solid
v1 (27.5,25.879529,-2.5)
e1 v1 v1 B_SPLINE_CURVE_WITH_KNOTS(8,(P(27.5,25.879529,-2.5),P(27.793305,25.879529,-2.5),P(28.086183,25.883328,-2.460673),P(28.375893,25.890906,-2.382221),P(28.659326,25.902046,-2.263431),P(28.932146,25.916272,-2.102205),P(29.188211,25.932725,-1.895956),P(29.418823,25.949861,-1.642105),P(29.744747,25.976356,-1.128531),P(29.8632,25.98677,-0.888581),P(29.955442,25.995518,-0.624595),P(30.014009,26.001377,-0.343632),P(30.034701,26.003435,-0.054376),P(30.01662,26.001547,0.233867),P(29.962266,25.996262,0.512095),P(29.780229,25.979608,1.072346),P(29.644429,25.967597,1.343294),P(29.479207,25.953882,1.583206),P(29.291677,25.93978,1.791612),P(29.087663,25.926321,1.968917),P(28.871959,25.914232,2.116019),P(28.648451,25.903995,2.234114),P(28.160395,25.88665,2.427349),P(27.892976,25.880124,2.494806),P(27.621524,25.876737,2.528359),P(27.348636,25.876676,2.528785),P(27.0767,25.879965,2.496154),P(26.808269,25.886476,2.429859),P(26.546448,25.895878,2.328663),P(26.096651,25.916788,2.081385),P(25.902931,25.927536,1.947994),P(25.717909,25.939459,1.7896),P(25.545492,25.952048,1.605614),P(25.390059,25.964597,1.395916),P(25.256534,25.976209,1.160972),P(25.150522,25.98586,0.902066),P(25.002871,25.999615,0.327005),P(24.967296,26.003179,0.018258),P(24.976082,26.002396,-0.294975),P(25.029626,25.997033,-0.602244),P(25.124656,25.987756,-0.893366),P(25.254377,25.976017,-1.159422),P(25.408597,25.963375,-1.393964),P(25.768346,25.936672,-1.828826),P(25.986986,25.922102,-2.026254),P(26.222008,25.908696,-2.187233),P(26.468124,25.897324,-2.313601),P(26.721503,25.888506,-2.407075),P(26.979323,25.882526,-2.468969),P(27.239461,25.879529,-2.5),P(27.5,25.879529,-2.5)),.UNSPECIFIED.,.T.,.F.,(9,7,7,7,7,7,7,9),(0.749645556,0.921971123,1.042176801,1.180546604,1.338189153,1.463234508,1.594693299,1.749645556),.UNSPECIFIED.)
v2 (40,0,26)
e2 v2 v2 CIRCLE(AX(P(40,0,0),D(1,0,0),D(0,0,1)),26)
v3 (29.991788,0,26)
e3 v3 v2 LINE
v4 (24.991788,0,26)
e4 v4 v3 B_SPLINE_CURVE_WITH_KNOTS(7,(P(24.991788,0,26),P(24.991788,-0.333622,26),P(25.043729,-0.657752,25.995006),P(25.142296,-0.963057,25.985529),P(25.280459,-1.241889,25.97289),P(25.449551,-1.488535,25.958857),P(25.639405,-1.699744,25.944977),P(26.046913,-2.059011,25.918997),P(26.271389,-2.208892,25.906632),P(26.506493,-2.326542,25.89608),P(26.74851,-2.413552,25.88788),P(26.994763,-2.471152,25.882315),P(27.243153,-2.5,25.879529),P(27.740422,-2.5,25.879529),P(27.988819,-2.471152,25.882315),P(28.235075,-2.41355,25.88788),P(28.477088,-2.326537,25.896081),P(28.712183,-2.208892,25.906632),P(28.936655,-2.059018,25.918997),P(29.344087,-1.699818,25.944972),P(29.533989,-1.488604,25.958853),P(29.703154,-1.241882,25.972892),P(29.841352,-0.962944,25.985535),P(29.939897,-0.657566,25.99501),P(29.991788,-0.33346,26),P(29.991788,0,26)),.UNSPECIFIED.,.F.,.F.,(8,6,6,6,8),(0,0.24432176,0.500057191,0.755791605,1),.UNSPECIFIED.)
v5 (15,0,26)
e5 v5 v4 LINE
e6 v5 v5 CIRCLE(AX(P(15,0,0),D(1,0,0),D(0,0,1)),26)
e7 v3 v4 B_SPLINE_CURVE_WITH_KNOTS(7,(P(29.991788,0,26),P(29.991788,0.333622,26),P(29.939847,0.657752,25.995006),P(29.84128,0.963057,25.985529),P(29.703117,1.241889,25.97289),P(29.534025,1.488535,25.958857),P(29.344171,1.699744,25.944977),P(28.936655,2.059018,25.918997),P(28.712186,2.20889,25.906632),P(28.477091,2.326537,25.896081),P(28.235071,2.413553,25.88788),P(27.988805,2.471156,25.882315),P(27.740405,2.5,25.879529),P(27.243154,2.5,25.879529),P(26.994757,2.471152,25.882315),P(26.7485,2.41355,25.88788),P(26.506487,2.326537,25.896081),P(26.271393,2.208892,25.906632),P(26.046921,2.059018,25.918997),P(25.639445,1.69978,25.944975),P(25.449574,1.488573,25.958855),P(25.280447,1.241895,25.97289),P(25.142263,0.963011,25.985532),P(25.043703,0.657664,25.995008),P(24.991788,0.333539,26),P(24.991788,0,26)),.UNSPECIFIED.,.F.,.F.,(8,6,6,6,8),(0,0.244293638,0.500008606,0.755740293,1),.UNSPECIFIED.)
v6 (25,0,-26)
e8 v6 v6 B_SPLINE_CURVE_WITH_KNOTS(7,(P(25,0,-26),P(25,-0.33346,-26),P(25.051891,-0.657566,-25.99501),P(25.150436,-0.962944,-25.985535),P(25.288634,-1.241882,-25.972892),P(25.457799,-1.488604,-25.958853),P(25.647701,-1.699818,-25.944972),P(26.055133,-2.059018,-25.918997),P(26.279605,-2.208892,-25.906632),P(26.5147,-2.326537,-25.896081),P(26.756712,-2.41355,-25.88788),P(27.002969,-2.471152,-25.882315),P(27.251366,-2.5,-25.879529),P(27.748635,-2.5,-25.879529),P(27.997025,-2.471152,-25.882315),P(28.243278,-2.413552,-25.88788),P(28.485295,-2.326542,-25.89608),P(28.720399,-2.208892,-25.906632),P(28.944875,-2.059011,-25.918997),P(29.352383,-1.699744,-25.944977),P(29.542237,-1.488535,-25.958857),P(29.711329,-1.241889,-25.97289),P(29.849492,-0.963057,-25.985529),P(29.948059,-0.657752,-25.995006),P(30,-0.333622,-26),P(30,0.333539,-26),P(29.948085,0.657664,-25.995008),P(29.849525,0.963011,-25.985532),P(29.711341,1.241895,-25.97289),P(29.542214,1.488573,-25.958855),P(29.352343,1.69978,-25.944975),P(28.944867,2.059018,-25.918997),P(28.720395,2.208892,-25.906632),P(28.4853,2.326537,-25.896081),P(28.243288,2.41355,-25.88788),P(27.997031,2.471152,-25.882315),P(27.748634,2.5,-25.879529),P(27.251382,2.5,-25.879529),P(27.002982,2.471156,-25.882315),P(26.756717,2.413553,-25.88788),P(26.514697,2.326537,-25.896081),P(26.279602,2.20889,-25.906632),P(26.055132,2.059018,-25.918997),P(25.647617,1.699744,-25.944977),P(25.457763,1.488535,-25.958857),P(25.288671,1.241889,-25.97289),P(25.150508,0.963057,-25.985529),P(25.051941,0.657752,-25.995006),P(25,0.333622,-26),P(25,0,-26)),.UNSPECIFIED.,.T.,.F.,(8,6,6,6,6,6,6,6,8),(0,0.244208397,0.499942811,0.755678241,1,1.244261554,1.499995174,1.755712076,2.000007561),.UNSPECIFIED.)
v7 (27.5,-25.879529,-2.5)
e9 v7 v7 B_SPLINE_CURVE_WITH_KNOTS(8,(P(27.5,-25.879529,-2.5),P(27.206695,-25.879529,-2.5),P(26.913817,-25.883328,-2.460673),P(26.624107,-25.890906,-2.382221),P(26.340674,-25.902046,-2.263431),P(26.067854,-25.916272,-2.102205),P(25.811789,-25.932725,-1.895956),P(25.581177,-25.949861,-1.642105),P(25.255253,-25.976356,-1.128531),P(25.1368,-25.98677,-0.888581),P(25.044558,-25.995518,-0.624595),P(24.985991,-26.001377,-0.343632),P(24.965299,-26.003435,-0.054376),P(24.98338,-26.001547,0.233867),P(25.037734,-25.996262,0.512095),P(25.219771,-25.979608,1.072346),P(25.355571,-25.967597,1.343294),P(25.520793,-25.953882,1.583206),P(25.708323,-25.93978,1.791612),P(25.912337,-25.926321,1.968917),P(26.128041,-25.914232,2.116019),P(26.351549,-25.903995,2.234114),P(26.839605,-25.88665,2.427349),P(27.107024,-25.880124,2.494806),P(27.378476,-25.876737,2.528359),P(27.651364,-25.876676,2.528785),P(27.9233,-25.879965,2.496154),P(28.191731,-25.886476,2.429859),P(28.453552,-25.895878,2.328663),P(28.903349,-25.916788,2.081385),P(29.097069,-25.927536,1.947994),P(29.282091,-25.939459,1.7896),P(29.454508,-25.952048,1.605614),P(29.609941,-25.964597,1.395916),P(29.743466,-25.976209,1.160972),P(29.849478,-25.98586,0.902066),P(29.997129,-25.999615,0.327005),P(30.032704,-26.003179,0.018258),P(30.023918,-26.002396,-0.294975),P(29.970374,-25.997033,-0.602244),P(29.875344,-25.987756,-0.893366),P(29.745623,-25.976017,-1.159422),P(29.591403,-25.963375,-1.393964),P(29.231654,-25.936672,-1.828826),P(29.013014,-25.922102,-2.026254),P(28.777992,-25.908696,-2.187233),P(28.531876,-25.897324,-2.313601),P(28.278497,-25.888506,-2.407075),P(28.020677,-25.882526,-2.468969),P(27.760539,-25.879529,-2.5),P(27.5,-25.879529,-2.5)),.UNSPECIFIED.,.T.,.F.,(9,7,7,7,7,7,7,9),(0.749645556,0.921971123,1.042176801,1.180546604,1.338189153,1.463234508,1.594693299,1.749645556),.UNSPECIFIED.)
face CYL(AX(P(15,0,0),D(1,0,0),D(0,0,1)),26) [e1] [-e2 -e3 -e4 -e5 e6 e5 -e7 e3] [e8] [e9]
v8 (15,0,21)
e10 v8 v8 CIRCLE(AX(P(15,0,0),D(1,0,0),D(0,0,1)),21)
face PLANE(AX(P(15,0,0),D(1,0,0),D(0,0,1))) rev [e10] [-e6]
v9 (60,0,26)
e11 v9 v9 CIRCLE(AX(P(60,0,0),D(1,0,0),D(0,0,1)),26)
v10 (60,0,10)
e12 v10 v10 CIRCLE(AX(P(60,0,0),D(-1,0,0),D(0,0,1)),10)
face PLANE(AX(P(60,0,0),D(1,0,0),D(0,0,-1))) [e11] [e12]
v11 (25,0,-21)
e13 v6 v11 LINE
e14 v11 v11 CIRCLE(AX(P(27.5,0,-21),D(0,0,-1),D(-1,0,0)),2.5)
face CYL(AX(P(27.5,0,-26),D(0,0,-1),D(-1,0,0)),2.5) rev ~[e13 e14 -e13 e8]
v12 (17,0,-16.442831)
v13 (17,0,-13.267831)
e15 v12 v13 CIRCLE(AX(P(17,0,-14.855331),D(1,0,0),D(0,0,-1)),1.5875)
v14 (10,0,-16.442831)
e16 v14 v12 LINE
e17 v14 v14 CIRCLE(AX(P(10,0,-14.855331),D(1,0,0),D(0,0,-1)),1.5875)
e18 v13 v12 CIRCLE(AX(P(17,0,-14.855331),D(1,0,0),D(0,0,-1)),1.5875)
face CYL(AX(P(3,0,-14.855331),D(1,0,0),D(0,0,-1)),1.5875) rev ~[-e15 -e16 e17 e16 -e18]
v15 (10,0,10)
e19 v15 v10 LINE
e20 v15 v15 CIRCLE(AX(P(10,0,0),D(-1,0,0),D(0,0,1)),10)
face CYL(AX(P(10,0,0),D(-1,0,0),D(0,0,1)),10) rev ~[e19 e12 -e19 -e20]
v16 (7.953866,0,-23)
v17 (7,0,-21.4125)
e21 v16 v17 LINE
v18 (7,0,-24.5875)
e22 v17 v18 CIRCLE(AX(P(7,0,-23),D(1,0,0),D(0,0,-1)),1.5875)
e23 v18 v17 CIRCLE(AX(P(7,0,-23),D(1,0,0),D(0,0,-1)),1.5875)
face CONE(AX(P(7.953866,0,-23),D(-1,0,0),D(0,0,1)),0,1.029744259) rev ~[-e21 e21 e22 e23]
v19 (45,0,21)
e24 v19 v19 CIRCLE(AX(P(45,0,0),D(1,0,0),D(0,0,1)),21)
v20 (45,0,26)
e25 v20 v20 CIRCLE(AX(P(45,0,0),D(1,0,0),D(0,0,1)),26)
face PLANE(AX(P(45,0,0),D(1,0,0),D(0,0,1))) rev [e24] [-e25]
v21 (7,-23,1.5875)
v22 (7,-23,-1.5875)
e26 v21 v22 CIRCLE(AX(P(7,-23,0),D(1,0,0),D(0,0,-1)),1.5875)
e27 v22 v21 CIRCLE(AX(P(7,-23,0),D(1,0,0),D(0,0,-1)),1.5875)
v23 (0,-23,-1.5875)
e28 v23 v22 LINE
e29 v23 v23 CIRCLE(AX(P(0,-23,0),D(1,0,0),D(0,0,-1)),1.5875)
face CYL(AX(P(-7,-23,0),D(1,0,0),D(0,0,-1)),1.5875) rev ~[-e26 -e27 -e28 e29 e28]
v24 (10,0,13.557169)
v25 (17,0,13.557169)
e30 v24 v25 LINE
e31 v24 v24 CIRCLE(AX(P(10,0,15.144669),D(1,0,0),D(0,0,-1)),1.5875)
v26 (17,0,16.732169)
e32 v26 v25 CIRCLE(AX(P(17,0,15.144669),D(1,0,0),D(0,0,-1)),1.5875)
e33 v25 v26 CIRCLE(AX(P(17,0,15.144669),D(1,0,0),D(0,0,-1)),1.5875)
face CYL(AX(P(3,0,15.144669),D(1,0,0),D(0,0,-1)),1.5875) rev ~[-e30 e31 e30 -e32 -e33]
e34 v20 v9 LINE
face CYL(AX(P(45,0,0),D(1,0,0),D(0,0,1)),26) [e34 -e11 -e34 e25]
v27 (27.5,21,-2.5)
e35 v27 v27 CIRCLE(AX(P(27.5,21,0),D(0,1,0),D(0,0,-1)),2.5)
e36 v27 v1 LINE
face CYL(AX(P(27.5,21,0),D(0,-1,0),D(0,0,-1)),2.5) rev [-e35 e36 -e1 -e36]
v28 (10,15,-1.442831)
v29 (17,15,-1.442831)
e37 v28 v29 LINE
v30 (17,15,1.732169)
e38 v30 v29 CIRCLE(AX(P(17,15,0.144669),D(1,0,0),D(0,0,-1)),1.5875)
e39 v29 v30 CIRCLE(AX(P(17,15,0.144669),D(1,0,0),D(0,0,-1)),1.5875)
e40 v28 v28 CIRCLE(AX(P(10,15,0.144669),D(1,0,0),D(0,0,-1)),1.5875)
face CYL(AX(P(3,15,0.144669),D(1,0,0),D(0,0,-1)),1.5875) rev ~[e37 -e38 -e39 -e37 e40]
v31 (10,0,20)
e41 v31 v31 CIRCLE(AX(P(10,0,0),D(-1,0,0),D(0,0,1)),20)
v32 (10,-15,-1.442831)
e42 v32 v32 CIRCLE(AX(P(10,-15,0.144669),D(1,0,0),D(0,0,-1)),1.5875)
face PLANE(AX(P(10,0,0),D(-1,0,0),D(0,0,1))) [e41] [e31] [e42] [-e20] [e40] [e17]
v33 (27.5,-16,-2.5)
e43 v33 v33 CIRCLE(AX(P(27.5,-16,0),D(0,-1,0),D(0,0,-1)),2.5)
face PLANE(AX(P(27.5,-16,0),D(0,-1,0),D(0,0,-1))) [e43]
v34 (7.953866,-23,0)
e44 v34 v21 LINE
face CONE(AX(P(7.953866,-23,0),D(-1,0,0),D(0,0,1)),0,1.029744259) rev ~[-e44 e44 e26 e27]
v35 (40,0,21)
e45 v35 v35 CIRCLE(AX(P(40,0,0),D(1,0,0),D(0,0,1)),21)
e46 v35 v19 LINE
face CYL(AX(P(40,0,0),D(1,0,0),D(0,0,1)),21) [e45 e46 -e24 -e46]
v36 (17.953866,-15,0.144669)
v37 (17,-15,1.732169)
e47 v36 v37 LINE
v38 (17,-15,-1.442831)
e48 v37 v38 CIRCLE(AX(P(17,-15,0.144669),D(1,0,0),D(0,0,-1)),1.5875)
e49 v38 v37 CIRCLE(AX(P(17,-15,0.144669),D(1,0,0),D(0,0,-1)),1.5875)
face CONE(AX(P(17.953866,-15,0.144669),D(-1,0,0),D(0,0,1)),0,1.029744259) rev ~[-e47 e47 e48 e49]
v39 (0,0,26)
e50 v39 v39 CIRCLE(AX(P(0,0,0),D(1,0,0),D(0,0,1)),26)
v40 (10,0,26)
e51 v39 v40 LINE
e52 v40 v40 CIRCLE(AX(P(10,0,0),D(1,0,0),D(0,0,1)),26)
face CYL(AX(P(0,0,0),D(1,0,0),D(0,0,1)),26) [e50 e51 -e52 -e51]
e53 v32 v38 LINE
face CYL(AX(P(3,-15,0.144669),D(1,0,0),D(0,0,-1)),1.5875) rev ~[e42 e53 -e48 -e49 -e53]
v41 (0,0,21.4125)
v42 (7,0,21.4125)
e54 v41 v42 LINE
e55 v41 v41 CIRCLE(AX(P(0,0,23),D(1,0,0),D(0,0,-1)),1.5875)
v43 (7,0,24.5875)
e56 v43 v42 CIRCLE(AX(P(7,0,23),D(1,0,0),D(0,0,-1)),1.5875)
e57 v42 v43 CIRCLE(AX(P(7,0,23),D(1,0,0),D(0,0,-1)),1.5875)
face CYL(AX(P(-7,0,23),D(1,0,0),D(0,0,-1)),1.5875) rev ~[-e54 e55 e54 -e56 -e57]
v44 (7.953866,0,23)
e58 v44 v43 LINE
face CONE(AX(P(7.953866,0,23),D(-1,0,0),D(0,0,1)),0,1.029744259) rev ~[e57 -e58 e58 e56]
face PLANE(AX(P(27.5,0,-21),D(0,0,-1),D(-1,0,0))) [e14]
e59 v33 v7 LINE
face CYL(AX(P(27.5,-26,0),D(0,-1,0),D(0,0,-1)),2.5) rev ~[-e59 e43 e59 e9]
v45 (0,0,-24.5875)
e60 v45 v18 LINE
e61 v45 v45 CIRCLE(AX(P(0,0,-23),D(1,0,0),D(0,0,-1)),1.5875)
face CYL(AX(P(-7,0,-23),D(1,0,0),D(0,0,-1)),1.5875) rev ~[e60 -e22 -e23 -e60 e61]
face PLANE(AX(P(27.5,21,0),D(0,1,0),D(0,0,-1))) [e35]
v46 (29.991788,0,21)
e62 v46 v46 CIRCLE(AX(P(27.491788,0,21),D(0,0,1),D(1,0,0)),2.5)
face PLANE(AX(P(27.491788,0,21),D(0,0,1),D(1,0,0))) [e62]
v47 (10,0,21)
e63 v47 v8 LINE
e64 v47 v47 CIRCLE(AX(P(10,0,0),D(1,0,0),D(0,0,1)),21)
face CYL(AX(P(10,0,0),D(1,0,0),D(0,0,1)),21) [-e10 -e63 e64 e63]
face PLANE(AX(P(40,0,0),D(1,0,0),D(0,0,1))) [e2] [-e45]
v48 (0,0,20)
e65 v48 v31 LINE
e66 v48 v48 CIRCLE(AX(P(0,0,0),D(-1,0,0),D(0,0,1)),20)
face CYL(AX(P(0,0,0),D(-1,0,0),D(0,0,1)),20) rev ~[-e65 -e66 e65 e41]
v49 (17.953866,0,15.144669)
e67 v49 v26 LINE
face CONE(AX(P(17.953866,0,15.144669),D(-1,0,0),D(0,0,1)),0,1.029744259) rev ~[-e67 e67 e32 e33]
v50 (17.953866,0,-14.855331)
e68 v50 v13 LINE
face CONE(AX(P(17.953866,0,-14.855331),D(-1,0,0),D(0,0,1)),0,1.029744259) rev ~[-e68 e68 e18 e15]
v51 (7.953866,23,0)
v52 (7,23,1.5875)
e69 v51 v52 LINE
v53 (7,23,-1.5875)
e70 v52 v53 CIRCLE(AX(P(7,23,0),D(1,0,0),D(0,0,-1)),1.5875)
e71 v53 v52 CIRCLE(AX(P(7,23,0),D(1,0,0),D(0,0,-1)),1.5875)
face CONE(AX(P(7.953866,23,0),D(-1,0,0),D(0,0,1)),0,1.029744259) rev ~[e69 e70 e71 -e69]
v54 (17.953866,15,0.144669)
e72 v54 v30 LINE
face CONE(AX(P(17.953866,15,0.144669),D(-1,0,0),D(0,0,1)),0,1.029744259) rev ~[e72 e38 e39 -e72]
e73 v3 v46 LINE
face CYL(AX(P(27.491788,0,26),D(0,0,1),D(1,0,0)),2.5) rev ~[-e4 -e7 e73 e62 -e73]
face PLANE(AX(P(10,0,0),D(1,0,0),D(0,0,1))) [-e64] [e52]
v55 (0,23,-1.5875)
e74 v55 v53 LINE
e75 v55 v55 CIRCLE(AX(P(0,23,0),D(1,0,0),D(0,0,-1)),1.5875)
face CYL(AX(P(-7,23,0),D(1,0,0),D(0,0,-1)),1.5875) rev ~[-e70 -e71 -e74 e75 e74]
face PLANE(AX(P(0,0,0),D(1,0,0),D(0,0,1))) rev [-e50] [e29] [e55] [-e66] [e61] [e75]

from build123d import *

# Parameters (mm, degrees)
SKETCH2_R                        = 20
CUT_EXTRUDE2_DEPTH               = 10
F_1_8_0_125_DIAMETER_HOLE1_D     = 3.175
F_1_8_0_125_DIAMETER_HOLE1_DEPTH = 7
F_1_8_0_125_DIAMETER_HOLE1_TIP   = 0.953866233
SKETCH6_R                        = 10
CUT_EXTRUDE3_DEPTH               = 50
F_1_2_0_5_DIAMETER_HOLE1_D       = 12.7
SKETCH10_R                       = 2.5
CUT_EXTRUDE8_DEPTH               = 5
SKETCH11_R                       = 2.5
CUT_EXTRUDE9_DEPTH               = 5
SKETCH12_R                       = 2.5
CUT_EXTRUDE10_DEPTH              = 5
SKETCH13_R                       = 2.5
CUT_EXTRUDE11_DEPTH              = 5
CUT_EXTRUDE12_START              = -5
SKETCH14_R                       = 2.5
CUT_EXTRUDE12_DEPTH              = 5
SKETCH15_R                       = 5
CUT_EXTRUDE13_DEPTH              = 103.225241501
SKETCH16_R                       = 45
CUT_EXTRUDE14_DEPTH              = 20
F_1_8_0_125_DIAMETER_HOLE2_D     = 3.175
F_1_8_0_125_DIAMETER_HOLE2_DEPTH = 7
F_1_8_0_125_DIAMETER_HOLE2_TIP   = 0.953866233


with BuildPart() as part:
    # Sketch1 → Revolve1 (revolve)
    with BuildSketch(Plane.XY, mode=Mode.PRIVATE) as revolve1_sk:
        Polygon((0, 0), (0, 26), (10, 26), (10, 21), (15, 21), (15, 26), (40, 26), (40, 21), (45, 21), (45, 26), (60, 26), (60, 45), (80, 45), (80, 0), align=None)
    revolve(revolve1_sk.sketch.rotate(Axis((0, 0, 0), (1, 0, 0)), 90), axis=Axis((0, 0, 0), (1, 0, 0)))

    # Sketch2 → Cut-Extrude2 (cut)
    with BuildSketch(Plane.ZY):
        Circle(SKETCH2_R)
    extrude(amount=-CUT_EXTRUDE2_DEPTH, mode=Mode.SUBTRACT)

    # 1/8 (0.125) Diameter Hole1
    with Locations(Plane.ZY.offset(-10)):
        with Locations((15.144669257, 0), (0.144669257, -15), (-14.855330743, 0), (0.144669257, 15)):
            Hole(F_1_8_0_125_DIAMETER_HOLE1_D / 2, depth=F_1_8_0_125_DIAMETER_HOLE1_DEPTH)
            with Locations((0, 0, -(F_1_8_0_125_DIAMETER_HOLE1_DEPTH + F_1_8_0_125_DIAMETER_HOLE1_TIP / 2))):  # 118° drill point
                Cone(0, F_1_8_0_125_DIAMETER_HOLE1_D / 2, F_1_8_0_125_DIAMETER_HOLE1_TIP, mode=Mode.SUBTRACT)

    # Sketch6 → Cut-Extrude3 (cut)
    with BuildSketch(Plane.ZY.offset(-10)):
        Circle(SKETCH6_R)
    extrude(amount=-CUT_EXTRUDE3_DEPTH, mode=Mode.SUBTRACT)

    # 1/2 (0.5) Diameter Hole1 (through all)
    with Locations(Plane(origin=(80, 0, 0), x_dir=(0, 0, -1), z_dir=(1, 0, 0))):
        with Locations((0, 0)):
            Hole(F_1_2_0_5_DIAMETER_HOLE1_D / 2)

    # Sketch10 → Cut-Extrude8 (cut)
    with BuildSketch(Plane(origin=(0, -26, 26), x_dir=(1, 0, 0), z_dir=(0, 0, 1))):
        with Locations((27.491787802, 26)):
            Circle(SKETCH10_R)
    extrude(amount=-CUT_EXTRUDE8_DEPTH, mode=Mode.SUBTRACT)

    # Sketch11 → Cut-Extrude9 (cut)
    with BuildSketch(Plane(origin=(0, 0, -26), x_dir=(-1, 0, 0), z_dir=(0, 0, -1))):
        with Locations((-27.5, 0)):
            Circle(SKETCH11_R)
    extrude(amount=-CUT_EXTRUDE9_DEPTH, mode=Mode.SUBTRACT)

    # Sketch12 → Cut-Extrude10 (cut)
    with BuildSketch(Plane(origin=(0, -26, 0), x_dir=(-1, 0, 0), z_dir=(0, -1, 0))):
        with Locations(Location((-27.5, 0, 0), (0, 0, 90))):
            Circle(SKETCH12_R)
    extrude(amount=-CUT_EXTRUDE10_DEPTH, mode=Mode.SUBTRACT)

    # Sketch13 → Cut-Extrude11 (cut)
    with BuildSketch(Plane(origin=(0, -21, 0), x_dir=(-1, 0, 0), z_dir=(0, -1, 0))):
        with Locations(Location((-27.5, 0, 0), (0, 0, 90))):
            Circle(SKETCH13_R)
    extrude(amount=-CUT_EXTRUDE11_DEPTH, mode=Mode.SUBTRACT)

    # Sketch14 → Cut-Extrude12 (cut)
    with BuildSketch(Plane(origin=(0, 26, 0), x_dir=(1, 0, 0), z_dir=(0, 1, 0)).offset(CUT_EXTRUDE12_START)):
        with Locations(Location((27.5, 0, 0), (0, 0, 90))):
            Circle(SKETCH14_R)
    extrude(amount=CUT_EXTRUDE12_DEPTH, mode=Mode.SUBTRACT)

    # Sketch15 → Cut-Extrude13 (cut, through all)
    with BuildSketch(Plane(origin=(80, 0, 0), x_dir=(0, 0, -1), z_dir=(1, 0, 0))):
        with Locations((0, -35)):
            Circle(SKETCH15_R)
        with Locations((-35, 0)):
            Circle(SKETCH15_R)
        with Locations((0, 35)):
            Circle(SKETCH15_R)
        with Locations((35, 0)):
            Circle(SKETCH15_R)
    extrude(amount=-CUT_EXTRUDE13_DEPTH, mode=Mode.SUBTRACT)

    # Sketch16 → Cut-Extrude14 (cut)
    with BuildSketch(Plane(origin=(80, 0, 0), x_dir=(0, 0, -1), z_dir=(1, 0, 0))):
        Circle(SKETCH16_R)
    extrude(amount=-CUT_EXTRUDE14_DEPTH, mode=Mode.SUBTRACT)

    # 1/8 (0.125) Diameter Hole2
    with Locations(Plane.ZY):
        with Locations((0, 23), (23, 0), (0, -23), (-23, 0)):
            Hole(F_1_8_0_125_DIAMETER_HOLE2_D / 2, depth=F_1_8_0_125_DIAMETER_HOLE2_DEPTH)
            with Locations((0, 0, -(F_1_8_0_125_DIAMETER_HOLE2_DEPTH + F_1_8_0_125_DIAMETER_HOLE2_TIP / 2))):  # 118° drill point
                Cone(0, F_1_8_0_125_DIAMETER_HOLE2_D / 2, F_1_8_0_125_DIAMETER_HOLE2_TIP, mode=Mode.SUBTRACT)


solid = part.part
